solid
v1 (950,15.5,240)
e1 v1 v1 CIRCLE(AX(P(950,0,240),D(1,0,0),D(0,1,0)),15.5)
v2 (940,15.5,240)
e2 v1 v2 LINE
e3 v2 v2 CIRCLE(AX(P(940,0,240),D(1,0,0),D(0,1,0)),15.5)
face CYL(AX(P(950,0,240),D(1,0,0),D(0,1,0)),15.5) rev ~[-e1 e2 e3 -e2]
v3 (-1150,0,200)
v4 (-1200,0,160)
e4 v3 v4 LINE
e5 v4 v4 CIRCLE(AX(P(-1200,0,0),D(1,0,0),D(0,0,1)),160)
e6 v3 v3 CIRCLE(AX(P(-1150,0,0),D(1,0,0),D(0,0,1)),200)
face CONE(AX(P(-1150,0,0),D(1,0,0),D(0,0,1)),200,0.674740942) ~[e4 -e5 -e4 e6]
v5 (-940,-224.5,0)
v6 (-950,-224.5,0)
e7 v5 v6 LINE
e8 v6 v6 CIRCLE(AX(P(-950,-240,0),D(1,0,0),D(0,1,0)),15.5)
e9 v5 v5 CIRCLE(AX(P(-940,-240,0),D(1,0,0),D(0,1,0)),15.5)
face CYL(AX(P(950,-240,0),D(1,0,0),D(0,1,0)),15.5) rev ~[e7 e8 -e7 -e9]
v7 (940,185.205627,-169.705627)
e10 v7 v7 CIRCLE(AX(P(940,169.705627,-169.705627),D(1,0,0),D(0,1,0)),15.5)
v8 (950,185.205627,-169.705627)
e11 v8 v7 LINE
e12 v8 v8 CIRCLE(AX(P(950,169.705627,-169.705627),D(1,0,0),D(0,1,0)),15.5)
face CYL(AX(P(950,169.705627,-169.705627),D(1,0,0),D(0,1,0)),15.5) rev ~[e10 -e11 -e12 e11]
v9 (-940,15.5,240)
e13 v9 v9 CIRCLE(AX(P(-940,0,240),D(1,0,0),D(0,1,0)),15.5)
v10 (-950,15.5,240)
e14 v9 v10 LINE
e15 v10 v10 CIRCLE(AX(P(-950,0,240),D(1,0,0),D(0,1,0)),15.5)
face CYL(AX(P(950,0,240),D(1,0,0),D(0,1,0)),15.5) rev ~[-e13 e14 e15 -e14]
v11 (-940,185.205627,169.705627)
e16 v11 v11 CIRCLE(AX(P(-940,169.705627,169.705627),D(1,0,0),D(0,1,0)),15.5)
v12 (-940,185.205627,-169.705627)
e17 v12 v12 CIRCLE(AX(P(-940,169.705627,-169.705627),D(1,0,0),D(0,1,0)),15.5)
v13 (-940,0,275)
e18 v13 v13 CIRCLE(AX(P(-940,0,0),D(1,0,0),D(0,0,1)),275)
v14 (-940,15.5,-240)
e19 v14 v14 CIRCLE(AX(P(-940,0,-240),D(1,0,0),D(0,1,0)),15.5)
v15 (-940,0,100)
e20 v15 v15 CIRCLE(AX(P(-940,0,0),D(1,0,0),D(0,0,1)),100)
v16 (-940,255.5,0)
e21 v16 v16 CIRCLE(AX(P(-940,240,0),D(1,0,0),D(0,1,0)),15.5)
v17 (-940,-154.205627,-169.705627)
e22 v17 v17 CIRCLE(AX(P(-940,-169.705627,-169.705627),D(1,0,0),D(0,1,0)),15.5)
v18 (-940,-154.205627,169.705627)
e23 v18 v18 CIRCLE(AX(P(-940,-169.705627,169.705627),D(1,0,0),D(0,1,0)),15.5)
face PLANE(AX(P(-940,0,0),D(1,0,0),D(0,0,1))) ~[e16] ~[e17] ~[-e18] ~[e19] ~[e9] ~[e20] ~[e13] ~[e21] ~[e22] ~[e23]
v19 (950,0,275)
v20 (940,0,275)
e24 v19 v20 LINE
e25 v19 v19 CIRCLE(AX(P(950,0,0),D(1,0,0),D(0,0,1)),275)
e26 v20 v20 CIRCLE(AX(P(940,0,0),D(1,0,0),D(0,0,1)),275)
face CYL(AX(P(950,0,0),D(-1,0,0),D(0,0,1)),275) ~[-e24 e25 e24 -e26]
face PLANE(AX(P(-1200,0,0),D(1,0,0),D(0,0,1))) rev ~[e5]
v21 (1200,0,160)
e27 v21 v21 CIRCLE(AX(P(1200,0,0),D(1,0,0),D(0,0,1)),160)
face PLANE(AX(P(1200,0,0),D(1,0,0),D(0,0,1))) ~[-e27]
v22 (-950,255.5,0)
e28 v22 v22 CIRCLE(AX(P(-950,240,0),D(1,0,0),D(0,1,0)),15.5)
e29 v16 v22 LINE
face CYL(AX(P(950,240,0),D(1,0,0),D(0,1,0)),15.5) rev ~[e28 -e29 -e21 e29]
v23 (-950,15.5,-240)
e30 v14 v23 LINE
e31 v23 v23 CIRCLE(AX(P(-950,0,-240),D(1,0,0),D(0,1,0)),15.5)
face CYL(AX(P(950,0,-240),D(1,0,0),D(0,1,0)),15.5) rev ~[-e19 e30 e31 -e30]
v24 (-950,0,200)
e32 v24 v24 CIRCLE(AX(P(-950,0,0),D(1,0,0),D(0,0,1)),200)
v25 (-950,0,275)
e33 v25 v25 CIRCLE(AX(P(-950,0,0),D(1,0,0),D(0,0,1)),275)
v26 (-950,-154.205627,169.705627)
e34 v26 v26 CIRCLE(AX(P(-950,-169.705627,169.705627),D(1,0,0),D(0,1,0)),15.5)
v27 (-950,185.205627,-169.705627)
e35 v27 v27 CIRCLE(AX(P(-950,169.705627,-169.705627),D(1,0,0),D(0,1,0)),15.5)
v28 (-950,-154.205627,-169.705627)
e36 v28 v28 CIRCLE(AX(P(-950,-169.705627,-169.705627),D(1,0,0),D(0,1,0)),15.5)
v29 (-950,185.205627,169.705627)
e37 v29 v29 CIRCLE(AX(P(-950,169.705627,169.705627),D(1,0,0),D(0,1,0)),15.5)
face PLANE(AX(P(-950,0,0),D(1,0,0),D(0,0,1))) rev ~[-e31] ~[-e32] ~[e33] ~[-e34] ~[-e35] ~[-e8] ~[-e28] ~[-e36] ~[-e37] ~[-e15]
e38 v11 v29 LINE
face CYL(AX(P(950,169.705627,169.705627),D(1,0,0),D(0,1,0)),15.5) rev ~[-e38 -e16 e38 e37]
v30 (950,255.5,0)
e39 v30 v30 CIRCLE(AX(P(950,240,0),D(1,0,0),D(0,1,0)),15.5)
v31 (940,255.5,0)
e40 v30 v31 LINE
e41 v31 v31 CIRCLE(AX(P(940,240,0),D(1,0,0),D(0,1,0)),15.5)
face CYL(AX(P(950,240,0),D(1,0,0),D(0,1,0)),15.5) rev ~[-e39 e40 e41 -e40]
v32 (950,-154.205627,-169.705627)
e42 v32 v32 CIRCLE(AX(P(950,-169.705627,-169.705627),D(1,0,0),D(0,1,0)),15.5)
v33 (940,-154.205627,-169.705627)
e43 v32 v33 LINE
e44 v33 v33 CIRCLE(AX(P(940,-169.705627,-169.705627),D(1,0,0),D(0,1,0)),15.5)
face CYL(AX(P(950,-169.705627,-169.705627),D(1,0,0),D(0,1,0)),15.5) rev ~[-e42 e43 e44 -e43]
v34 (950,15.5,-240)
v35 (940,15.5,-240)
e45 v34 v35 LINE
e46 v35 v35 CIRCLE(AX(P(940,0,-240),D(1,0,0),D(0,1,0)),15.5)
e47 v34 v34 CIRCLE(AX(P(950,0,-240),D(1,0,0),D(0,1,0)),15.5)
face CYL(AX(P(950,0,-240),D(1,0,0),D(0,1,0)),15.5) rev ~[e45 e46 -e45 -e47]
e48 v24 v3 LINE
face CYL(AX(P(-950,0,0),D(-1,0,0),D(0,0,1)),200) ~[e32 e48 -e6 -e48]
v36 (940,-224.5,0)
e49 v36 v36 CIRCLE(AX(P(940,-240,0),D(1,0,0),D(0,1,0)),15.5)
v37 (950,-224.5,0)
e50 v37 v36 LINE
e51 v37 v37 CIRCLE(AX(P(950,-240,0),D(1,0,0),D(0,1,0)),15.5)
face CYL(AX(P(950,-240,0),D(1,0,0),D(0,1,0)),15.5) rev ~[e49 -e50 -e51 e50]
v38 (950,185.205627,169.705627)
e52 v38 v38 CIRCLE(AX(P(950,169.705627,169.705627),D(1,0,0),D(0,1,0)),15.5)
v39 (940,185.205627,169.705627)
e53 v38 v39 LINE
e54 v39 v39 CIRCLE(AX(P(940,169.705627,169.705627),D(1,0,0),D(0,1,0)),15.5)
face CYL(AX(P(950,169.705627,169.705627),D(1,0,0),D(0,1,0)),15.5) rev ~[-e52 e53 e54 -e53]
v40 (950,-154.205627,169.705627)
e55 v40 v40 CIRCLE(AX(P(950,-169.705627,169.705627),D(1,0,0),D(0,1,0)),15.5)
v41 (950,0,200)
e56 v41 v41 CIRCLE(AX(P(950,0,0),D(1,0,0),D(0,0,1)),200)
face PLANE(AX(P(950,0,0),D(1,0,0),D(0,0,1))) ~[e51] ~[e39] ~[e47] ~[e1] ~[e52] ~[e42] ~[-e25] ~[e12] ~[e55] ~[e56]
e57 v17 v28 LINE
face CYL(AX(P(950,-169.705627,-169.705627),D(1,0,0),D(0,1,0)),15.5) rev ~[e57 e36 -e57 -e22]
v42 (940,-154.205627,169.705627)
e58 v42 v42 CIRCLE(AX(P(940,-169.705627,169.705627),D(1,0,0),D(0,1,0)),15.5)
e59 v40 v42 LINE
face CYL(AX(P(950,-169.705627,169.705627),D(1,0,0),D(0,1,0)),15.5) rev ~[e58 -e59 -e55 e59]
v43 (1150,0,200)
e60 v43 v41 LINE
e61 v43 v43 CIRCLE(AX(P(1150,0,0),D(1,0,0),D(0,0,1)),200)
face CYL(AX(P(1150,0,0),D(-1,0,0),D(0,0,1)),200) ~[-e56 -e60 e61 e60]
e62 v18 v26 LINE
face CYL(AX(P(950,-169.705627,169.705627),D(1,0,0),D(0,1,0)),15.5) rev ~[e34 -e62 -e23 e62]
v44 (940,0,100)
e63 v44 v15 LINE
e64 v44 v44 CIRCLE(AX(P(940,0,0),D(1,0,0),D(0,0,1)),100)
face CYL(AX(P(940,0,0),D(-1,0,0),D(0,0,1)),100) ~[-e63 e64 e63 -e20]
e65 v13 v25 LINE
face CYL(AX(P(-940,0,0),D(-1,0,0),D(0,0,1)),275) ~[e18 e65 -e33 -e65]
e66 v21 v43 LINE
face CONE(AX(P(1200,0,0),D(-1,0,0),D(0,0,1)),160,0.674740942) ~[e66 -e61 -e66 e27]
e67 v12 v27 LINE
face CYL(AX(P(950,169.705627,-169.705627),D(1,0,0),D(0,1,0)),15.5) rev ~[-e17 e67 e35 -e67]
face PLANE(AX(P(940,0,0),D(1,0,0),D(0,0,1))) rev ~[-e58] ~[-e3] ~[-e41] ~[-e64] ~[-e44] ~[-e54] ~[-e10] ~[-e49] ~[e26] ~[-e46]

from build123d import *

# Parameters (mm, degrees)
F2_R     = 15.5
F3_DEPTH = 2150.001


with BuildPart() as f1:
    # F0 (on Front) → F1 (revolve)
    with BuildSketch(Plane.XZ):
        Polygon((940, 100), (-940, 100), (-940, 275), (-950, 275), (-950, 200), (-1150, 200), (-1200, 160), (-1200, 0), (1200, 0), (1200, 160), (1150, 200), (950, 200), (950, 275), (940, 275), align=None)
    revolve(axis=Axis((0, 0, 0), (1, 0, 0)))

    # F2 (on face) → F3 (cut, through all)
    with BuildSketch(Plane.YZ.offset(950)):
        with Locations((0, 240)):
            Circle(F2_R)
        with Locations((-169.705627, 169.705627)):
            Circle(F2_R)
        with Locations((-240, 0)):
            Circle(F2_R)
        with Locations((-169.705627, -169.705627)):
            Circle(F2_R)
        with Locations((0, -240)):
            Circle(F2_R)
        with Locations((169.705627, -169.705627)):
            Circle(F2_R)
        with Locations((240, 0)):
            Circle(F2_R)
        with Locations((169.705627, 169.705627)):
            Circle(F2_R)
    extrude(amount=-F3_DEPTH, mode=Mode.SUBTRACT)


solid = f1.part
